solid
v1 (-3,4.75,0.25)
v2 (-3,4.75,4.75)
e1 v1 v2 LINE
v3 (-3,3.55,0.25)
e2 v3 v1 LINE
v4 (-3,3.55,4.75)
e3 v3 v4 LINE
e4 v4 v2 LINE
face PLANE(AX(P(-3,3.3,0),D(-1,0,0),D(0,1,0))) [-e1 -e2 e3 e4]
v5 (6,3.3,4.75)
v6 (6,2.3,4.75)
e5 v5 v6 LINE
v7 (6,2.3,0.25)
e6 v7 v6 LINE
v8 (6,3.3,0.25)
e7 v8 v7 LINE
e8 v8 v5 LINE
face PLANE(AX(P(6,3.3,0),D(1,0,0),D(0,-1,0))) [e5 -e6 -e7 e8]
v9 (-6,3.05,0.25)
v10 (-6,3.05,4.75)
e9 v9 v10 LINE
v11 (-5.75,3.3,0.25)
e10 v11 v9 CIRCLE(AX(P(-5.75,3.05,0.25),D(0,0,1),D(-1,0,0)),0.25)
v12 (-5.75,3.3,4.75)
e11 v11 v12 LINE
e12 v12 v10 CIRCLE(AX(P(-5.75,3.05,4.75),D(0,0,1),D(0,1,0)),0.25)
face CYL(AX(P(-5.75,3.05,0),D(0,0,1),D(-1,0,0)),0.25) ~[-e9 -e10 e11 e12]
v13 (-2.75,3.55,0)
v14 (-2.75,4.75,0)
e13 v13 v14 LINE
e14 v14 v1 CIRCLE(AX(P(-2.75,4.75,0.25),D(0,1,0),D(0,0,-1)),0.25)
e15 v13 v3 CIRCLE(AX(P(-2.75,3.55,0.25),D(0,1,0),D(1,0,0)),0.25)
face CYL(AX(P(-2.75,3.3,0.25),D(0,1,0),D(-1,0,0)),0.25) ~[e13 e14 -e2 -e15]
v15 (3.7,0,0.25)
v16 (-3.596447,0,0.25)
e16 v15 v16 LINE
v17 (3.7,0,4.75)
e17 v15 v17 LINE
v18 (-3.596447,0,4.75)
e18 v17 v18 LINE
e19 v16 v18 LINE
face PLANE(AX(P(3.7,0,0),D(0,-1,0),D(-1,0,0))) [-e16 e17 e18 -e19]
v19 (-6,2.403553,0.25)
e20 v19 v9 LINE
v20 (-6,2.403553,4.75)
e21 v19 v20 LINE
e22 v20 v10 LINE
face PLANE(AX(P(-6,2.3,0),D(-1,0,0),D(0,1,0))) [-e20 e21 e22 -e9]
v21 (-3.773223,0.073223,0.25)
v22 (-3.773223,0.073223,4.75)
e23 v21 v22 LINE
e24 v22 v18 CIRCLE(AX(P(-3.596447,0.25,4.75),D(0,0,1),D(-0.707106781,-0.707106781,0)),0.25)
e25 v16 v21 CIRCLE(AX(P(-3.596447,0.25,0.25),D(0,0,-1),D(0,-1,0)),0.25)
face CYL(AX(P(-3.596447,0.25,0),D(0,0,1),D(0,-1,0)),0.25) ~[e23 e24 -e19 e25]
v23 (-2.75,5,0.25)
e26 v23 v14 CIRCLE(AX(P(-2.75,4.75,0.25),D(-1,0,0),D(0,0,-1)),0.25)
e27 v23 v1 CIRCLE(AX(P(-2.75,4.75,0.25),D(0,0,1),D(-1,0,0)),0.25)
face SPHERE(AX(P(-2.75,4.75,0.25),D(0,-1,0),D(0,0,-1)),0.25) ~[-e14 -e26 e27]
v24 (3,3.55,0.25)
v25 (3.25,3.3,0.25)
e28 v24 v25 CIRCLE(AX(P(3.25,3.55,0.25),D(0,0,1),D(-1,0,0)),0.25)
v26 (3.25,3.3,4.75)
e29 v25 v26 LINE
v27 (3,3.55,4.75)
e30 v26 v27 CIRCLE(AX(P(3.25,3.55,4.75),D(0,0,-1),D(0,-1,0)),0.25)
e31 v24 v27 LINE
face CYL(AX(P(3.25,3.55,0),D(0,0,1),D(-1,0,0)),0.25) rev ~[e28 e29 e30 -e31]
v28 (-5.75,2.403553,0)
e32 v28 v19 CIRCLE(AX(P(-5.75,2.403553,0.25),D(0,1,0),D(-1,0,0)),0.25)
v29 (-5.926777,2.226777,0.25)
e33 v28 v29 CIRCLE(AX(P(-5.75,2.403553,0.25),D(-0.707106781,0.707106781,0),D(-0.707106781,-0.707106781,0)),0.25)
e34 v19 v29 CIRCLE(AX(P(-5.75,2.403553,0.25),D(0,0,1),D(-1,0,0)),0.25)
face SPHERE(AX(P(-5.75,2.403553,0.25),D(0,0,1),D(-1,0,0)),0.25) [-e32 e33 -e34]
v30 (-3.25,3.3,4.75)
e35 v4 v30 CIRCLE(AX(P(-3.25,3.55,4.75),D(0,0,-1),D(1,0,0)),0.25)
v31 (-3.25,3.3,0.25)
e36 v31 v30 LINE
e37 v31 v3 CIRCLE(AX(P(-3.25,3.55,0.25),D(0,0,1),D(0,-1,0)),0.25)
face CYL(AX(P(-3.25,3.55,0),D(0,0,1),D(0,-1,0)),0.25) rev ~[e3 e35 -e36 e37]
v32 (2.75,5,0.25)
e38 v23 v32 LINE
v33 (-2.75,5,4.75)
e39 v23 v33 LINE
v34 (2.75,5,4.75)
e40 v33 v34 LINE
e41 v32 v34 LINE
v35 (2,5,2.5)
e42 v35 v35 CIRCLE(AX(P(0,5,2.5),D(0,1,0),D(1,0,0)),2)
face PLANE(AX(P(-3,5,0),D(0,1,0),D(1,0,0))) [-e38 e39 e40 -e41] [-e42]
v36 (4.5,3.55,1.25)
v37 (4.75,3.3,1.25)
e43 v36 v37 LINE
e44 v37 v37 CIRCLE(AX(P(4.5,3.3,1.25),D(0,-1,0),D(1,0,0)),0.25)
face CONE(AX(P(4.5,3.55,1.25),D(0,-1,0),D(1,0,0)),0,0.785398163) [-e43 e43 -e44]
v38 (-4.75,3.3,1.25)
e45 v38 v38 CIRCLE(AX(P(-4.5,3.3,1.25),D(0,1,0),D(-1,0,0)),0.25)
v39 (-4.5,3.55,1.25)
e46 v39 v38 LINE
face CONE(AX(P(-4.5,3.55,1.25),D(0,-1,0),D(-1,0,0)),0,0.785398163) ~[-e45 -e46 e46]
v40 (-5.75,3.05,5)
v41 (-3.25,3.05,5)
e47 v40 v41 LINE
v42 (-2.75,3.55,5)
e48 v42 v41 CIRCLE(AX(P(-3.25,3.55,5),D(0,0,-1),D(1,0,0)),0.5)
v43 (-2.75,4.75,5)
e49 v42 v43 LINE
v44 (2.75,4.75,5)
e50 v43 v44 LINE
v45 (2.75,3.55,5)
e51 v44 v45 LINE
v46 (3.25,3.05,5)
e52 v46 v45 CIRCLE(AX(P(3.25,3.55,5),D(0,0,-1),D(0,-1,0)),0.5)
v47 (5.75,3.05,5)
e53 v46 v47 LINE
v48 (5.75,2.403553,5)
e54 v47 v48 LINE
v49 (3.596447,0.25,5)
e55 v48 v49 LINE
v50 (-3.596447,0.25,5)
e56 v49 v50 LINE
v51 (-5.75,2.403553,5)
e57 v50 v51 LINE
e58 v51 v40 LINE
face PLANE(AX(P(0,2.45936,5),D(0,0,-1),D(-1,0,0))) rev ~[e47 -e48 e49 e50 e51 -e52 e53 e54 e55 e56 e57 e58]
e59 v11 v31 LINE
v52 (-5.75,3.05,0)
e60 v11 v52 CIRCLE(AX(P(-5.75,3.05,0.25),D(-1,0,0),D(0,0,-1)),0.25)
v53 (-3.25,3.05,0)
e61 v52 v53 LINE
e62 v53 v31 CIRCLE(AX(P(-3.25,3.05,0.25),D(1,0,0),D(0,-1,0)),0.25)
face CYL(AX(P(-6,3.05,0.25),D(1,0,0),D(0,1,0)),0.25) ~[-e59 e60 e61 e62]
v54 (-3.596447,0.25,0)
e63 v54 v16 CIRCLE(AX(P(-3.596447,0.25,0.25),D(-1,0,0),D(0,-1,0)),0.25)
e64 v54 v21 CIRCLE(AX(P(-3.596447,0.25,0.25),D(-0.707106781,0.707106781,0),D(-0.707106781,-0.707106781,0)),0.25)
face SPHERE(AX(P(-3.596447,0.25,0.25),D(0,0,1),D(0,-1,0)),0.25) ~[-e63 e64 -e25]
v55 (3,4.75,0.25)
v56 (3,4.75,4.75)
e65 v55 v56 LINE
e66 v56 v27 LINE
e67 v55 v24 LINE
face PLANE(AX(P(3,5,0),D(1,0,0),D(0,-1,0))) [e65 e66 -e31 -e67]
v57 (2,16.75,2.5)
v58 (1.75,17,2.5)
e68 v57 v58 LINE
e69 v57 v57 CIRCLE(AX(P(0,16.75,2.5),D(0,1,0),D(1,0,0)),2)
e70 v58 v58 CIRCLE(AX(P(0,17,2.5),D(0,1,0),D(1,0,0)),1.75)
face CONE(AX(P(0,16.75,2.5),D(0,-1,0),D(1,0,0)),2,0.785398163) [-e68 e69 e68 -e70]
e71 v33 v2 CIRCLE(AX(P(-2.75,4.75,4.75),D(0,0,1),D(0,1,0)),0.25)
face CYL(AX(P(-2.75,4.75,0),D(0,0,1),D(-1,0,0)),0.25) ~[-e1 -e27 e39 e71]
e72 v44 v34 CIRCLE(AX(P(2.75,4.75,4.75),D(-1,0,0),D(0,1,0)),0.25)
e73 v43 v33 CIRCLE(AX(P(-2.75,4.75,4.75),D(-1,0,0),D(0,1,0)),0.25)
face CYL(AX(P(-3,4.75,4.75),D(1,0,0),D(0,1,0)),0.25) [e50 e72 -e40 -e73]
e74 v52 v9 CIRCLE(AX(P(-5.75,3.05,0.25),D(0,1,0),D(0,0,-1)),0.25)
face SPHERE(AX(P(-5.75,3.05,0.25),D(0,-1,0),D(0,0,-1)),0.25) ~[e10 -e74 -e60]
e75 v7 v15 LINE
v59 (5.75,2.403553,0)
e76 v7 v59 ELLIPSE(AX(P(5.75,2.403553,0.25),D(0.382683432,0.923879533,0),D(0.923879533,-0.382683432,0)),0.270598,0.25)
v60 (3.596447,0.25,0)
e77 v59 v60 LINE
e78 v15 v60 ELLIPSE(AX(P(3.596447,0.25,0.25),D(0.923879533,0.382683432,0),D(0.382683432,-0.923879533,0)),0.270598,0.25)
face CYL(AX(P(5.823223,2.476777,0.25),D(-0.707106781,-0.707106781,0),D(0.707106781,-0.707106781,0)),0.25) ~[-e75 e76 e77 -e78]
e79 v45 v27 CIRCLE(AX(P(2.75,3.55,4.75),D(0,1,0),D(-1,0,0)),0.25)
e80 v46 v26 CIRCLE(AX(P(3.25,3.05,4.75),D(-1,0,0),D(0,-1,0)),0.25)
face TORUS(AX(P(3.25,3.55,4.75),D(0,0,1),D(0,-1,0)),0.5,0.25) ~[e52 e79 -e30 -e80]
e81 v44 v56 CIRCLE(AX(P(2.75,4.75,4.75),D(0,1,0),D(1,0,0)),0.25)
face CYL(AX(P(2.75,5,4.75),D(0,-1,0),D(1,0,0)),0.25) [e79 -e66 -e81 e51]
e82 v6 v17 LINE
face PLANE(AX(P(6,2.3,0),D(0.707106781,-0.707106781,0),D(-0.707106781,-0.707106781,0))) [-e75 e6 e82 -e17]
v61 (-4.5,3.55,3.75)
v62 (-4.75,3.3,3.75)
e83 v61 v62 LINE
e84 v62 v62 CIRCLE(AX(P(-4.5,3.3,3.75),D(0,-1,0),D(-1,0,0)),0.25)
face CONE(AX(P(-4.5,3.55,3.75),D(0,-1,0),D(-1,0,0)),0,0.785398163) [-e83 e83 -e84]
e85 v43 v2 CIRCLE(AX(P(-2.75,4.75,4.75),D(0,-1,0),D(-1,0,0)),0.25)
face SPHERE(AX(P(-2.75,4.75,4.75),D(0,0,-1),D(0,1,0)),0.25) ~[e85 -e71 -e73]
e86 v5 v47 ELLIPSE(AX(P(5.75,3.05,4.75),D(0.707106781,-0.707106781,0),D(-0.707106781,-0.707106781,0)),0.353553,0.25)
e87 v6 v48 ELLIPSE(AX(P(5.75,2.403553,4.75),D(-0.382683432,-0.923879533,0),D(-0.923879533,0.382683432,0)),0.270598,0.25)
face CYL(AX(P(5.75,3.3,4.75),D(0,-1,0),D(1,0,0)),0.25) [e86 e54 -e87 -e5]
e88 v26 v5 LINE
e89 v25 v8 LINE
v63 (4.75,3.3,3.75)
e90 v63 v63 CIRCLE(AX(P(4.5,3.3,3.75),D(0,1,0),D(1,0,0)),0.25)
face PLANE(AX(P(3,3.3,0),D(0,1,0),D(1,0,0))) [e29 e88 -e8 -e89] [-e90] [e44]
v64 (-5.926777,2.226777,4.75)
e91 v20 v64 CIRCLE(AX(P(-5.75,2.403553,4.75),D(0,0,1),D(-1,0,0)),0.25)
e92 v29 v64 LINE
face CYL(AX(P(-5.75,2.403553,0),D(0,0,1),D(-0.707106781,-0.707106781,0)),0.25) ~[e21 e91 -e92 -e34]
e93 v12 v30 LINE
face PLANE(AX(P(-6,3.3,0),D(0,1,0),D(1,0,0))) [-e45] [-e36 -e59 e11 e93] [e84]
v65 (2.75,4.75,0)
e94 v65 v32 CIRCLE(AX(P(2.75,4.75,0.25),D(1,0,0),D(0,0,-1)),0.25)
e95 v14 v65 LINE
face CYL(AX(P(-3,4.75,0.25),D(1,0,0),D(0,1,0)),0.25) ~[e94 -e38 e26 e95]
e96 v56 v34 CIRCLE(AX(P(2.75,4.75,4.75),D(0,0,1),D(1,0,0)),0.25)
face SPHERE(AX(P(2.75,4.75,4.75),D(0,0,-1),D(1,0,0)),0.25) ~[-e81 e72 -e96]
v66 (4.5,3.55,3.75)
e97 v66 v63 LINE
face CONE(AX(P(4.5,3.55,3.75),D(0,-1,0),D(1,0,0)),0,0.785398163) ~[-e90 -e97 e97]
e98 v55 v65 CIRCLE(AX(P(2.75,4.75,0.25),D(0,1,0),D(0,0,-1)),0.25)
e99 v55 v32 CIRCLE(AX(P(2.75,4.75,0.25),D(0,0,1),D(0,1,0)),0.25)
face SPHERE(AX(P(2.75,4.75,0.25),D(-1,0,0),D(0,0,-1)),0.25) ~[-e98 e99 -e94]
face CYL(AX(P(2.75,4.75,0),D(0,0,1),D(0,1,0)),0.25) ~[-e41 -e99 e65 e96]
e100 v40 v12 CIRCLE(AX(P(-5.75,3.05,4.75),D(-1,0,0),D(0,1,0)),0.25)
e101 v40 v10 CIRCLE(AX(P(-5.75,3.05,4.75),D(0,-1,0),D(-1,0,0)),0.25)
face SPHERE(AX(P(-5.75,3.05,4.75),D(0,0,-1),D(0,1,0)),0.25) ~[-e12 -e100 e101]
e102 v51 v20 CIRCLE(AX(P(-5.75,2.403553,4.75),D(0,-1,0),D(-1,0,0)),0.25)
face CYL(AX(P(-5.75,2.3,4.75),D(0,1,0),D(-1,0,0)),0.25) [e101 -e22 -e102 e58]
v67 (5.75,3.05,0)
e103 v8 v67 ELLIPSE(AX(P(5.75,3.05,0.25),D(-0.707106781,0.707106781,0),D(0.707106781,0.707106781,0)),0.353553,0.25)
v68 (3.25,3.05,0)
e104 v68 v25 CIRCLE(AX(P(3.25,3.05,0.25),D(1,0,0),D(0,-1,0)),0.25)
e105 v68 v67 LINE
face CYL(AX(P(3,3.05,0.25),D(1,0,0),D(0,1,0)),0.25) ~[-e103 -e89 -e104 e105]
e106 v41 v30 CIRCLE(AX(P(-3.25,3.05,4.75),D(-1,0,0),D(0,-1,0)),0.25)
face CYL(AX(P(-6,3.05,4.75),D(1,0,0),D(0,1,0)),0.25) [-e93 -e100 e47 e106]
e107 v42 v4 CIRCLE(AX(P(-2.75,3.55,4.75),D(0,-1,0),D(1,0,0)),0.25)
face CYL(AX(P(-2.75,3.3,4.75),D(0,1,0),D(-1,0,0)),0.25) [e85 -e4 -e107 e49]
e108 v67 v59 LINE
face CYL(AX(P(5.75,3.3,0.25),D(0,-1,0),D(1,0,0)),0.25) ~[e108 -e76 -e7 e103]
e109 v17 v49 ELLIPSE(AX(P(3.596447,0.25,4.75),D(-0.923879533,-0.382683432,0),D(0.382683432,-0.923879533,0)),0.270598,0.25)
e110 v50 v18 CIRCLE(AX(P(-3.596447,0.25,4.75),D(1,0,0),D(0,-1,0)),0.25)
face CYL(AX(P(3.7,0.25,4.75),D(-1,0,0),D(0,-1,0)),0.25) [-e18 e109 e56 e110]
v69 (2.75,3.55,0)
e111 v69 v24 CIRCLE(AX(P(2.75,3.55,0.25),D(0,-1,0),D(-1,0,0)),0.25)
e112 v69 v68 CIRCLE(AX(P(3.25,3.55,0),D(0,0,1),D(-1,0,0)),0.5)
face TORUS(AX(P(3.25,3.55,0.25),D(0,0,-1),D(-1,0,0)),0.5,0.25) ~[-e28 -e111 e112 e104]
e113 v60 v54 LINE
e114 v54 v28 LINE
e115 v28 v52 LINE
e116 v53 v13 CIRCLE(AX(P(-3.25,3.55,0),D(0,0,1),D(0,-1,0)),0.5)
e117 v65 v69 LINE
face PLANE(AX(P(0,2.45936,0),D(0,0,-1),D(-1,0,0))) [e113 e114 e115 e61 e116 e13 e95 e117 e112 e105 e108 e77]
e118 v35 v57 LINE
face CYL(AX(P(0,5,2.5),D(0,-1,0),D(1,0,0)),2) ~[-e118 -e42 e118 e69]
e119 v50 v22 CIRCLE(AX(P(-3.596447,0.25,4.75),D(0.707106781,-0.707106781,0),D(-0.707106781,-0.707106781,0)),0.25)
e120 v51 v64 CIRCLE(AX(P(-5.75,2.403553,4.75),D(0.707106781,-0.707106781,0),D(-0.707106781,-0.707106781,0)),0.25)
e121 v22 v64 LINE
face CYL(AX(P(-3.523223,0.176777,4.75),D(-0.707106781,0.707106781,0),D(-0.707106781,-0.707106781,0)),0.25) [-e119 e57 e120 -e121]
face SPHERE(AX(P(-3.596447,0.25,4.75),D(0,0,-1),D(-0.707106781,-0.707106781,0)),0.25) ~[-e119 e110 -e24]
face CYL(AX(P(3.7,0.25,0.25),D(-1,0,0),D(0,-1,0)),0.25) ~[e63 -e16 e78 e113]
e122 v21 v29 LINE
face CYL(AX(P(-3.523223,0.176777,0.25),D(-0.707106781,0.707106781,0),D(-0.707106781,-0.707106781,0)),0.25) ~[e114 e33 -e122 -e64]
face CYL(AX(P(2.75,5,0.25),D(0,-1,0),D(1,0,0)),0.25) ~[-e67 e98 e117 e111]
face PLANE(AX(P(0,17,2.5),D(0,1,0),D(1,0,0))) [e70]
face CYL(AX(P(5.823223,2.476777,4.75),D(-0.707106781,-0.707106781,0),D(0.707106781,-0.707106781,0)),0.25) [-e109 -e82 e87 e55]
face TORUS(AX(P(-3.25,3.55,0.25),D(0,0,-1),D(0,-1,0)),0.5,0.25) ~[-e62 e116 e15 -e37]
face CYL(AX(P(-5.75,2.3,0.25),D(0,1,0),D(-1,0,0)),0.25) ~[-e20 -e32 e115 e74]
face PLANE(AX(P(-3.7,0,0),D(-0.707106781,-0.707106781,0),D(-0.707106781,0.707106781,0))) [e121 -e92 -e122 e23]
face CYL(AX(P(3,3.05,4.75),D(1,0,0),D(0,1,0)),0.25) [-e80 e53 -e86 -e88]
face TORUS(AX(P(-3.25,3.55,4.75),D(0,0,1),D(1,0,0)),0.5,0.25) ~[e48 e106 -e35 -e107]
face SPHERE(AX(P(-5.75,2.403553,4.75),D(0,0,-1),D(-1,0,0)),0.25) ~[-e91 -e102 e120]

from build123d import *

# Parameters (mm, degrees)
ESTRUSIONE_ESTRUSIONE1_DEPTH = 5
RACCORDO1_R                  = 0.25
SCHIZZO7_R                   = 2
ESTRUSIONE_ESTRUSIONE3_DEPTH = 12
SMUSSO1_SIZE                 = 0.25


with BuildPart() as part:
    # Schizzo1 → Estrusione-Estrusione1 (new body)
    with BuildSketch(Plane.XY):
        Polygon((3.7, 0), (-3.7, 0), (-6, 2.3), (-6, 3.3), (-3, 3.3), (-3, 5), (3, 5), (3, 3.3), (6, 3.3), (6, 2.3), align=None)
    extrude(amount=ESTRUSIONE_ESTRUSIONE1_DEPTH)

    # Raccordo1
    raccordo1_edges = [part.edges().sort_by_distance(p)[0] for p in [
        (-6, 2.8, 0),
        (-4.5, 3.3, 0),
        (-3, 4.15, 0),
        (0, 5, 0),
        (3, 4.15, 0),
        (4.5, 3.3, 0),
        (6, 2.8, 0),
        (4.85, 1.15, 5),
        (4.85, 1.15, 0),
        (0, 0, 0),
        (-4.85, 1.15, 0),
        (6, 2.8, 5),
        (-6, 2.3, 2.5),
        (-6, 3.3, 2.5),
        (-3, 3.3, 2.5),
        (-3, 5, 2.5),
        (3, 5, 2.5),
        (3, 3.3, 2.5),
        (-3.7, 0, 2.5),
        (4.5, 3.3, 5),
        (3, 4.15, 5),
        (0, 5, 5),
        (-3, 4.15, 5),
        (-4.5, 3.3, 5),
        (-6, 2.8, 5),
        (-4.85, 1.15, 5),
        (0, 0, 5),
    ]]
    fillet(raccordo1_edges, radius=RACCORDO1_R)

    # Schizzo7 → Estrusione-Estrusione3 (add)
    with BuildSketch(Plane(origin=(0, 5, 0), x_dir=(1, 0, 0), z_dir=(0, 1, 0))):
        with Locations((0, -2.5)):
            Circle(SCHIZZO7_R)
    extrude(amount=ESTRUSIONE_ESTRUSIONE3_DEPTH)

    # Smusso1
    smusso1_edges = [part.edges().sort_by_distance(p)[0] for p in [
        (-2, 17, 2.5),
    ]]
    chamfer(smusso1_edges, length=SMUSSO1_SIZE)

    # Schizzo8 → Rivoluzione2 (revolve)
    with BuildSketch(Plane.XY.offset(1.25)):
        Polygon((-4.5, 3.3), (-4.5, 3.55), (-4.75, 3.3), align=None)
    rivoluzione2 = revolve(axis=Axis((-4.5, 3.3, 1.25), (0, 1, 0)))

    # Specchia3: Rivoluzione2 across plane
    add(rivoluzione2.mirror(Plane(origin=(0, 0, 0), x_dir=(0, 0, 1), z_dir=(1, 0, 0))))

    # Specchia4: Rivoluzione2 across plane
    add(rivoluzione2.mirror(Plane.XY.offset(2.5)))

    # Specchia4 copy 1 sketch → Specchia4 copy 1 (revolve)
    with BuildSketch(Plane(origin=(0, 0, 3.75), x_dir=(-1, 0, 0), z_dir=(0, 0, -1))):
        Polygon((-4.5, 3.3), (-4.5, 3.55), (-4.75, 3.3), align=None)
    revolve(axis=Axis((4.5, 3.3, 3.75), (0, 1, 0)))


solid = part.part
